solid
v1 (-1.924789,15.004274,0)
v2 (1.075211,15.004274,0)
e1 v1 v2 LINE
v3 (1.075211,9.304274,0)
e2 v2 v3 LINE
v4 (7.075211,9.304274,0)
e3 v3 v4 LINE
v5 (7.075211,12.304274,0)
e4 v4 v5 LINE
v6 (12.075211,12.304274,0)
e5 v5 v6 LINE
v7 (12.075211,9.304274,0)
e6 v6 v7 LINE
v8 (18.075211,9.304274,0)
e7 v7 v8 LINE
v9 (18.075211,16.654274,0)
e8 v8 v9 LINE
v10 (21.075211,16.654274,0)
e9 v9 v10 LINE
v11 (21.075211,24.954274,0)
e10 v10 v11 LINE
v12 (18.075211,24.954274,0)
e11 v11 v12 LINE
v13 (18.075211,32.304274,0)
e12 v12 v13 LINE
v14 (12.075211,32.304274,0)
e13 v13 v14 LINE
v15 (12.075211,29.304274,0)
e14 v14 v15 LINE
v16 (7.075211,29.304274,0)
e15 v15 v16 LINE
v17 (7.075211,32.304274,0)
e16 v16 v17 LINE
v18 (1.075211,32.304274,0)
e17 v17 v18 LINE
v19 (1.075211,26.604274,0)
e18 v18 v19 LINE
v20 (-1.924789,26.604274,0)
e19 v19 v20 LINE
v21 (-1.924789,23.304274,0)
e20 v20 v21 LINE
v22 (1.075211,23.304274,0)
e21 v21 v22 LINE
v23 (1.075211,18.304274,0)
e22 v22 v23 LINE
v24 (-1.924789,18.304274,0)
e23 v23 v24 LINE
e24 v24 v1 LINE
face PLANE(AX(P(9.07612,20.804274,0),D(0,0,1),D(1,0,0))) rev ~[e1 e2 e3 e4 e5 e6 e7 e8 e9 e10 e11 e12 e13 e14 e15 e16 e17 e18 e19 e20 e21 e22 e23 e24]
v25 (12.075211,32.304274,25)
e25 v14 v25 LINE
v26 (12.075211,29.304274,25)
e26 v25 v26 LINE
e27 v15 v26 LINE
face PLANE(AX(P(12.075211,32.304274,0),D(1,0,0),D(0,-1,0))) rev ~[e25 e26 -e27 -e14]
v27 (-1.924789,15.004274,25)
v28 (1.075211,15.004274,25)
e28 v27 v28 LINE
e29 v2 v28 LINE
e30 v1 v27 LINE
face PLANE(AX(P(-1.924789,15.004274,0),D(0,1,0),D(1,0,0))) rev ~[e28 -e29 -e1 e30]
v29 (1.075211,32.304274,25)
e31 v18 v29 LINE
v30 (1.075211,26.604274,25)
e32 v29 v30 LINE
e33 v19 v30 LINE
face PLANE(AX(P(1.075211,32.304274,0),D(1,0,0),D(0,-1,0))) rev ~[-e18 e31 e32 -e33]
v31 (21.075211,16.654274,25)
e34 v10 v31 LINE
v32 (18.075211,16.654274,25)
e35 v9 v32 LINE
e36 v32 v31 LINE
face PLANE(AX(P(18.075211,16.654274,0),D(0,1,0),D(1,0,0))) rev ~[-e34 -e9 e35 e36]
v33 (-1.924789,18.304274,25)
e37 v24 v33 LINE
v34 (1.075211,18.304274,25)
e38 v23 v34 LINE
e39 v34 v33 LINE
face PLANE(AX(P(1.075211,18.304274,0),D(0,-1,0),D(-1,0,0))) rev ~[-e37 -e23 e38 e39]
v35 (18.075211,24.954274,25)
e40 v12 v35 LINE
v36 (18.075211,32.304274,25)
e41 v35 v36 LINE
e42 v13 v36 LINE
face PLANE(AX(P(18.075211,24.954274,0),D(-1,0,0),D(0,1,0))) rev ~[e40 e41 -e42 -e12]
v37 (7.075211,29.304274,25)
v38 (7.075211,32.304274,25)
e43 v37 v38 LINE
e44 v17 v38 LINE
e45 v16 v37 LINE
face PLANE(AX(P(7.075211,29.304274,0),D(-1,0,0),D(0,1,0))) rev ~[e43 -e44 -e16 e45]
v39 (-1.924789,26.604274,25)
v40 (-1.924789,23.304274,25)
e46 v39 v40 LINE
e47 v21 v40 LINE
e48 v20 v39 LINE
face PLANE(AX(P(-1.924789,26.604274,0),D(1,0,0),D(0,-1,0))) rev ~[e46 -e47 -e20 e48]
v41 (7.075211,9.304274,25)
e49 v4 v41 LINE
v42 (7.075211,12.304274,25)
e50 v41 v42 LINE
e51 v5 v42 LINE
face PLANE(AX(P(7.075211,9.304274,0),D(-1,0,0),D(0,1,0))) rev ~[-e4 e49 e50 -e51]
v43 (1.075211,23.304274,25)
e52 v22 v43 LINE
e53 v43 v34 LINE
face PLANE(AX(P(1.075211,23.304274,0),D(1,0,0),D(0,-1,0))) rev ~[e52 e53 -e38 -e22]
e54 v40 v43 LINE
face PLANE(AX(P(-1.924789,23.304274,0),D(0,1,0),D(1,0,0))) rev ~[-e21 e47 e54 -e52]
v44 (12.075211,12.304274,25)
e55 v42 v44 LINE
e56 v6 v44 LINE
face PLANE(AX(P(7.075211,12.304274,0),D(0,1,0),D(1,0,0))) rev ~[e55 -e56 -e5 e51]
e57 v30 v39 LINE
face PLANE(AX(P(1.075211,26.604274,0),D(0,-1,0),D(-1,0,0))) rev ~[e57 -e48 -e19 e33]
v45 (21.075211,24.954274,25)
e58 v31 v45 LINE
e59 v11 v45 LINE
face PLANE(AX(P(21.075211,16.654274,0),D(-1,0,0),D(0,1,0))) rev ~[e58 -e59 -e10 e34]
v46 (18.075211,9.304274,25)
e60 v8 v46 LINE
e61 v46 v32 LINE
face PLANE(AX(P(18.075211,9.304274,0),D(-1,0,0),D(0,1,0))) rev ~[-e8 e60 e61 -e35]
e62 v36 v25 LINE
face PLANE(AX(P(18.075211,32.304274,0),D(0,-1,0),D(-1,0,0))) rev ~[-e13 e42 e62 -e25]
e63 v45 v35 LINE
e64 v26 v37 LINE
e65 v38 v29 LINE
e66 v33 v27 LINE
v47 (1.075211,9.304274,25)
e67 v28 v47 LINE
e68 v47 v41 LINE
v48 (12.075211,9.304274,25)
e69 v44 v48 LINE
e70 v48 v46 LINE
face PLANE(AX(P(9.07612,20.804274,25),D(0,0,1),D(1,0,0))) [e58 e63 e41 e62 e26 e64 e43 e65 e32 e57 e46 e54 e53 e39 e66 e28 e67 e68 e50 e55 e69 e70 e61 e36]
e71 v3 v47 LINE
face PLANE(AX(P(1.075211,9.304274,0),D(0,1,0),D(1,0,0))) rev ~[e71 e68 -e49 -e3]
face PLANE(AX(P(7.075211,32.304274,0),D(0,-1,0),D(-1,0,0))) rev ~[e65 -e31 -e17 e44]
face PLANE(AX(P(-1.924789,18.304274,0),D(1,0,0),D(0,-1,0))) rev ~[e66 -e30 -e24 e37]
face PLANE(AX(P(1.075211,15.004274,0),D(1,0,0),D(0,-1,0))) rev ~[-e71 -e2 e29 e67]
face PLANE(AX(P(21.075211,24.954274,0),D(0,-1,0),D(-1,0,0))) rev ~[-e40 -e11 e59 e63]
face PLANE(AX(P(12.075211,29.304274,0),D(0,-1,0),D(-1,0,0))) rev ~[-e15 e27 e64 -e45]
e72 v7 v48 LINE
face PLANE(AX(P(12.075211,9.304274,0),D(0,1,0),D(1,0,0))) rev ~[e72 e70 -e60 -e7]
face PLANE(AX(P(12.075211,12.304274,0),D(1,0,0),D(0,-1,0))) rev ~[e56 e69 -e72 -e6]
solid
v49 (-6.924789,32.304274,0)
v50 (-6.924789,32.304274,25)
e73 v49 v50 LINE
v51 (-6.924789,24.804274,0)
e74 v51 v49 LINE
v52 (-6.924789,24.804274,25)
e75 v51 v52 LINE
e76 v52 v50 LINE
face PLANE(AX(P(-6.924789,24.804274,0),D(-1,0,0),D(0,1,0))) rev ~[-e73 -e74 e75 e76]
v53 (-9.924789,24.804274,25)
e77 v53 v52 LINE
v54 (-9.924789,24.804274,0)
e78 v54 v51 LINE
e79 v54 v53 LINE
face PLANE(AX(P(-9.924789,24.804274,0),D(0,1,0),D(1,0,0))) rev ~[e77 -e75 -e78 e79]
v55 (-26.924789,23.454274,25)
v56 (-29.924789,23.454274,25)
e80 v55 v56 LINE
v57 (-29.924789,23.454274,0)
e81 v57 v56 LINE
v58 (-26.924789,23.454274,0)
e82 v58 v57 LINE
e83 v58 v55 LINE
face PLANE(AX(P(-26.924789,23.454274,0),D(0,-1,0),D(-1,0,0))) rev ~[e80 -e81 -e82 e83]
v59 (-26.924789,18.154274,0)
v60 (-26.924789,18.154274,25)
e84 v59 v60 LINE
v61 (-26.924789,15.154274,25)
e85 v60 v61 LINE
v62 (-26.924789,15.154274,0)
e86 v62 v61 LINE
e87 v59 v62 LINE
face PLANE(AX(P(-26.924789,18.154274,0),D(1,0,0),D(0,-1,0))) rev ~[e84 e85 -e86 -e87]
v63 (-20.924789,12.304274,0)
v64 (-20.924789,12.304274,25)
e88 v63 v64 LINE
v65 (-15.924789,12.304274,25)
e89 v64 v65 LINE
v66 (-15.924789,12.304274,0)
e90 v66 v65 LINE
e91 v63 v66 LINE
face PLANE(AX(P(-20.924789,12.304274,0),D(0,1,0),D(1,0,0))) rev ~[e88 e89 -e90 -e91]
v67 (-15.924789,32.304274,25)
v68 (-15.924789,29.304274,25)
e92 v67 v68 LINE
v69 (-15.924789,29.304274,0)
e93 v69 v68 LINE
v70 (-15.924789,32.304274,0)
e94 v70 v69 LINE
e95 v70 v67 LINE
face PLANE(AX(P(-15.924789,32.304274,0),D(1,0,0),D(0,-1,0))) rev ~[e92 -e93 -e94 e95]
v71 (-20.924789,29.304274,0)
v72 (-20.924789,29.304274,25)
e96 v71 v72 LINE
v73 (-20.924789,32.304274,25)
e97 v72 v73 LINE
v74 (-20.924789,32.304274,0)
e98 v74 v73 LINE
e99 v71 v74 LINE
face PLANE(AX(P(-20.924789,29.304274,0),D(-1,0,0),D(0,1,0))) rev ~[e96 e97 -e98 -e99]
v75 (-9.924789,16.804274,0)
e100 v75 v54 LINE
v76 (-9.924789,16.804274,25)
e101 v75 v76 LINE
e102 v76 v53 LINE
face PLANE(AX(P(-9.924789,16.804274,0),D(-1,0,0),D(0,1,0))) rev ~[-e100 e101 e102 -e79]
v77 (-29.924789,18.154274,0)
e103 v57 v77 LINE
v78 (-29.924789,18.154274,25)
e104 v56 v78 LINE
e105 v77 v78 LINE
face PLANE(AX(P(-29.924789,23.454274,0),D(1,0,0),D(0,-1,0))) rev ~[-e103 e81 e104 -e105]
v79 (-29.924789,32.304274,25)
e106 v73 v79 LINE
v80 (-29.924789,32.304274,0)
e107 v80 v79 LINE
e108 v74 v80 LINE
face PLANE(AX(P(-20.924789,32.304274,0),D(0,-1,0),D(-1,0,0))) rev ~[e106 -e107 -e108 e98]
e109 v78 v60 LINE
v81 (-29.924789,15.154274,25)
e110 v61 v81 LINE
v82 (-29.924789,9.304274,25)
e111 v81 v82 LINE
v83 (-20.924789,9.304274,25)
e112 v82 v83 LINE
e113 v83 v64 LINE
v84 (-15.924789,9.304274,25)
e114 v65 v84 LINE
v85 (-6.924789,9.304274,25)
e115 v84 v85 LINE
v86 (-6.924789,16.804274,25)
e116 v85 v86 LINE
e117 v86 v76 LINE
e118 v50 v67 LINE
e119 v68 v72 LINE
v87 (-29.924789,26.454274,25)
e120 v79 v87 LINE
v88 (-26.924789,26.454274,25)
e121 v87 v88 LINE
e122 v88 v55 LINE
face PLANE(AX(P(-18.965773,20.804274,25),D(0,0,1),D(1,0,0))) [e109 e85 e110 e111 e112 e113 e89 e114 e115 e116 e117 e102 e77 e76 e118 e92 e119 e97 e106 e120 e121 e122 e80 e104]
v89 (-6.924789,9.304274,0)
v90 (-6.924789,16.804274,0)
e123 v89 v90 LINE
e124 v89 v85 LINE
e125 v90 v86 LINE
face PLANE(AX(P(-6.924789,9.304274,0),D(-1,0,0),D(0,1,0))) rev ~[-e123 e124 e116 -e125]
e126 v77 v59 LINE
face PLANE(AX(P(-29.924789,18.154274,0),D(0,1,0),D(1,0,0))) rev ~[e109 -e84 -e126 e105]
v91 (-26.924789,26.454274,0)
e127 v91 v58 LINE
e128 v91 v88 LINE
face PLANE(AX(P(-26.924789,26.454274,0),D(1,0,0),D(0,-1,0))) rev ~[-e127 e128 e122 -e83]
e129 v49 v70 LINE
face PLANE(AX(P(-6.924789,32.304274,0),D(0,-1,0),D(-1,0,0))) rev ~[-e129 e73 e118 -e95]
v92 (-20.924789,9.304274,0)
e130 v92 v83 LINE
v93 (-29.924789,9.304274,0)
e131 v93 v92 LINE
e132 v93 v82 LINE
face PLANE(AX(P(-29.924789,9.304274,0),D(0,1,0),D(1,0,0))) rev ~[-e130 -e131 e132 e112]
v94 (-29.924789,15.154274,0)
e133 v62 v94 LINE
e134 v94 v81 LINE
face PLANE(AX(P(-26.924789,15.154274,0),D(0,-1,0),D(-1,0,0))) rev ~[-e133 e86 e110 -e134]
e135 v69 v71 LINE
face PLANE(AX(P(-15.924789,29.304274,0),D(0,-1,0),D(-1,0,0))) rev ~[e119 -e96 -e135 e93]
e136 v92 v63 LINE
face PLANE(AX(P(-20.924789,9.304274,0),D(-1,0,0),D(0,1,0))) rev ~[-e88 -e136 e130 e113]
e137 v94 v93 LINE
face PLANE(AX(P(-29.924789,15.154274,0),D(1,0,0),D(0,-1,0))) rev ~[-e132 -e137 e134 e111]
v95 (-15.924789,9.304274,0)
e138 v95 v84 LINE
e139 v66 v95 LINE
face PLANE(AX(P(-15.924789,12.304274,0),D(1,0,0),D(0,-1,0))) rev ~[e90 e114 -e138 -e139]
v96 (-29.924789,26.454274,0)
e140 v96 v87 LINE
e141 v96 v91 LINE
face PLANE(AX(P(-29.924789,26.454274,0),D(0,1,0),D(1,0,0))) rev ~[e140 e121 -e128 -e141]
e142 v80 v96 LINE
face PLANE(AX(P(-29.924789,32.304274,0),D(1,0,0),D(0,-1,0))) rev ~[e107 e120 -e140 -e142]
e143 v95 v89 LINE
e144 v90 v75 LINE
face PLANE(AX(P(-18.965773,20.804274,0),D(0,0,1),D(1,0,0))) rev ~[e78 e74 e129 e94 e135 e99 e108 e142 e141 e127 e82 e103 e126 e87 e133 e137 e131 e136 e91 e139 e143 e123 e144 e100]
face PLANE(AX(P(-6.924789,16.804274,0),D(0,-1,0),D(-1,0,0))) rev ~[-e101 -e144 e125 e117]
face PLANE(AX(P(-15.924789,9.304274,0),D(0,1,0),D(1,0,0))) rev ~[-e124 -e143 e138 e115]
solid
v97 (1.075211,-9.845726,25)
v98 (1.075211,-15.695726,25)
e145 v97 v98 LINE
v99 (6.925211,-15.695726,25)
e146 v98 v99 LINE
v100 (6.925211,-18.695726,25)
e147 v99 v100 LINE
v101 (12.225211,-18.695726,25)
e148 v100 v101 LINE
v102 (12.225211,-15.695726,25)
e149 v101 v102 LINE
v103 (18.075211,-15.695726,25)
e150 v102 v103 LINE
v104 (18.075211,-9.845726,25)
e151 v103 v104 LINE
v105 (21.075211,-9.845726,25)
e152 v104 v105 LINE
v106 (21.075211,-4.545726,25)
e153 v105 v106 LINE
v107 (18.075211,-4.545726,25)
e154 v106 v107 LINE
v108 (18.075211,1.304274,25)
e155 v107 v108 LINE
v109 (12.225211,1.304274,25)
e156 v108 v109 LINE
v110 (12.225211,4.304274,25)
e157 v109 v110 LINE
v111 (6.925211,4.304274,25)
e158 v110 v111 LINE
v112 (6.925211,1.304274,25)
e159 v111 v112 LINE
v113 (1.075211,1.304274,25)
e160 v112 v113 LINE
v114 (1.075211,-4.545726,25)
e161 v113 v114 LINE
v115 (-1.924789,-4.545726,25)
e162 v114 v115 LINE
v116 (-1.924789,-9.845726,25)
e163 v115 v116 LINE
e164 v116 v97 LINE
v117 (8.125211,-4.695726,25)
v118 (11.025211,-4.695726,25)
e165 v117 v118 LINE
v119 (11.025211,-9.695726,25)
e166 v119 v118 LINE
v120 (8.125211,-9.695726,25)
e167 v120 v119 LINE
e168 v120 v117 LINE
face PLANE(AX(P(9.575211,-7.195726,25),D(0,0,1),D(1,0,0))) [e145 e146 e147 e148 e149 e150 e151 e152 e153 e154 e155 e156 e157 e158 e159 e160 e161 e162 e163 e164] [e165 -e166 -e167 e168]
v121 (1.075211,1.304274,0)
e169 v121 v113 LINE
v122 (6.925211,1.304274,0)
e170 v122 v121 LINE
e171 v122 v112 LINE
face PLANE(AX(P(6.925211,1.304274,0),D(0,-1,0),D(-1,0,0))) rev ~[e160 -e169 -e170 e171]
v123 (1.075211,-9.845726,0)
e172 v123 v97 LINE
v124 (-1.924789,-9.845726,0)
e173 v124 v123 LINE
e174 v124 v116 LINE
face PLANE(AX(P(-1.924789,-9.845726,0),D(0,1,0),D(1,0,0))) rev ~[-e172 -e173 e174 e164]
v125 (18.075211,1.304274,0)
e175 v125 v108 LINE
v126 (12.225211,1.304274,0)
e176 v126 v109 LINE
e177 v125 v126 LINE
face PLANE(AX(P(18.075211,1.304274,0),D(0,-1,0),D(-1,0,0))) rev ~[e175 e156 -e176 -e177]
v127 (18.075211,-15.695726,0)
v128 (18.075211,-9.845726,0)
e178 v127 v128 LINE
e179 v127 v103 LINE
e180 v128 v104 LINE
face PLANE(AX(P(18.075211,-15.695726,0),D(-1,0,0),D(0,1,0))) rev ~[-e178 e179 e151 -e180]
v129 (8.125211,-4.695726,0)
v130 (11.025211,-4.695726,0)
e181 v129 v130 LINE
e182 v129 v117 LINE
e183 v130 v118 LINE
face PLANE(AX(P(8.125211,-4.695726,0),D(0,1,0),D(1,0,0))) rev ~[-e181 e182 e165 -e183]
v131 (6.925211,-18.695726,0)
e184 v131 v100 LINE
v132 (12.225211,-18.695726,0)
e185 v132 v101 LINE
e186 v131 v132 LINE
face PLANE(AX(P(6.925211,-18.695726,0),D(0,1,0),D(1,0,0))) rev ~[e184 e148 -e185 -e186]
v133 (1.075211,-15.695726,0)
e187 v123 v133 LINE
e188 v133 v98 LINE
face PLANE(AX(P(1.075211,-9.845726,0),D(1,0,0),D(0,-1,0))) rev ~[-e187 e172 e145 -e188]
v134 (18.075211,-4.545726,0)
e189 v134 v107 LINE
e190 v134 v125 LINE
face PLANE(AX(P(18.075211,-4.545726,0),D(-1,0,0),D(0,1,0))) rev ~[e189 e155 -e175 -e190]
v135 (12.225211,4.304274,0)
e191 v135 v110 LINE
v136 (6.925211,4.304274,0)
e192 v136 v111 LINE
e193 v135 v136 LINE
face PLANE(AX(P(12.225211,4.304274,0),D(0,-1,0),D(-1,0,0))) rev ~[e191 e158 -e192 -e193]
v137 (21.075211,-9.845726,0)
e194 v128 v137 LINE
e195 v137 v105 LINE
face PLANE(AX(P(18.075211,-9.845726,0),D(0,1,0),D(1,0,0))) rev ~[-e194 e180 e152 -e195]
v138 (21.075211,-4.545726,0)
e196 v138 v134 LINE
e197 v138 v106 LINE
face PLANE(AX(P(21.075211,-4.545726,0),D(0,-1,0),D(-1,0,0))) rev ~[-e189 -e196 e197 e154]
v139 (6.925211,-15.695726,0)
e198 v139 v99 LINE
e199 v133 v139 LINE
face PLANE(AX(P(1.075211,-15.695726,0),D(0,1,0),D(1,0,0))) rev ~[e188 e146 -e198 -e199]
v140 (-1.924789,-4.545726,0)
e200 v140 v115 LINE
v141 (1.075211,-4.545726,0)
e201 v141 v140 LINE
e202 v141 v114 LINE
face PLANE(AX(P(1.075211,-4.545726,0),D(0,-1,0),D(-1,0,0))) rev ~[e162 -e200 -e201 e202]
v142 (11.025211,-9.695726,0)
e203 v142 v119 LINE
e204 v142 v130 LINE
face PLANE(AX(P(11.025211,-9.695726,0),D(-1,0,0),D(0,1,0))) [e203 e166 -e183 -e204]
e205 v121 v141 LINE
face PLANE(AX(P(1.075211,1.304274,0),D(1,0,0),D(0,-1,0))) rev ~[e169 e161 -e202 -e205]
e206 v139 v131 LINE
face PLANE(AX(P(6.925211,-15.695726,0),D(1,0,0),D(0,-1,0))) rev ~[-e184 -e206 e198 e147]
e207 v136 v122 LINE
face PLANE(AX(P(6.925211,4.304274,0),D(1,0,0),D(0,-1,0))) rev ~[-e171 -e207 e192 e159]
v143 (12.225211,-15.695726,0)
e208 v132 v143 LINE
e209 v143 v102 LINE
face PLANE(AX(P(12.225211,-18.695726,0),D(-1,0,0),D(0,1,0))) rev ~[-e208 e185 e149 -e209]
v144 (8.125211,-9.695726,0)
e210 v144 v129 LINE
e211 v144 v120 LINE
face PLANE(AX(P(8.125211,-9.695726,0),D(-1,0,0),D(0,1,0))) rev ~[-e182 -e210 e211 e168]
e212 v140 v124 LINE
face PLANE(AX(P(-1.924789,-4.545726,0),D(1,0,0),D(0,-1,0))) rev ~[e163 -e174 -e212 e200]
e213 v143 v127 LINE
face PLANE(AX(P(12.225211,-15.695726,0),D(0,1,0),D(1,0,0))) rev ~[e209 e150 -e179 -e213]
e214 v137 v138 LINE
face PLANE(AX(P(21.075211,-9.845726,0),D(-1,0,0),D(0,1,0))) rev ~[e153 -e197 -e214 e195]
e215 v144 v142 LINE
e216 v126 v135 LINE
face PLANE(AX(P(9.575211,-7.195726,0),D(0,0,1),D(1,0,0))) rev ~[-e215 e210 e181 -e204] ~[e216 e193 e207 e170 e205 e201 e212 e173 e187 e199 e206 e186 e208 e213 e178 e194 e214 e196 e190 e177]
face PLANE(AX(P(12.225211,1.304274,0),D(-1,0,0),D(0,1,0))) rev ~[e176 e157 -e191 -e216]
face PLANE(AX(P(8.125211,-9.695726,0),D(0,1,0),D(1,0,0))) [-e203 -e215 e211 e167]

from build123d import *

# Parameters (mm, degrees)
F0_W     = 2.9
F0_H     = 5
F1_DEPTH = 25


with BuildPart() as f1:
    # F0 (on Top) → F1 (new body)
    with BuildSketch(Plane.XY):
        Polygon((-20.924789, 32.304274), (-29.924789, 32.304274), (-29.924789, 26.454274), (-26.924789, 26.454274), (-26.924789, 23.454274), (-29.924789, 23.454274), (-29.924789, 18.154274), (-26.924789, 18.154274), (-26.924789, 15.154274), (-29.924789, 15.154274), (-29.924789, 9.304274), (-20.924789, 9.304274), (-20.924789, 12.304274), (-15.924789, 12.304274), (-15.924789, 9.304274), (-6.924789, 9.304274), (-6.924789, 16.804274), (-9.924789, 16.804274), (-9.924789, 24.804274), (-6.924789, 24.804274), (-6.924789, 32.304274), (-15.924789, 32.304274), (-15.924789, 29.304274), (-20.924789, 29.304274), align=None)
        Polygon((7.075211, 32.304274), (1.075211, 32.304274), (1.075211, 26.604274), (-1.924789, 26.604274), (-1.924789, 23.304274), (1.075211, 23.304274), (1.075211, 18.304274), (-1.924789, 18.304274), (-1.924789, 15.004274), (1.075211, 15.004274), (1.075211, 9.304274), (7.075211, 9.304274), (7.075211, 12.304274), (12.075211, 12.304274), (12.075211, 9.304274), (18.075211, 9.304274), (18.075211, 16.654274), (21.075211, 16.654274), (21.075211, 24.954274), (18.075211, 24.954274), (18.075211, 32.304274), (12.075211, 32.304274), (12.075211, 29.304274), (7.075211, 29.304274), align=None)
        Polygon((6.925211, 1.304274), (1.075211, 1.304274), (1.075211, -4.545726), (-1.924789, -4.545726), (-1.924789, -9.845726), (1.075211, -9.845726), (1.075211, -15.695726), (6.925211, -15.695726), (6.925211, -18.695726), (12.225211, -18.695726), (12.225211, -15.695726), (18.075211, -15.695726), (18.075211, -9.845726), (21.075211, -9.845726), (21.075211, -4.545726), (18.075211, -4.545726), (18.075211, 1.304274), (12.225211, 1.304274), (12.225211, 4.304274), (6.925211, 4.304274), align=None)
        with Locations((9.575211, -7.195726)):
            Rectangle(F0_W, F0_H, mode=Mode.SUBTRACT)
    extrude(amount=F1_DEPTH)


solid = f1.part
